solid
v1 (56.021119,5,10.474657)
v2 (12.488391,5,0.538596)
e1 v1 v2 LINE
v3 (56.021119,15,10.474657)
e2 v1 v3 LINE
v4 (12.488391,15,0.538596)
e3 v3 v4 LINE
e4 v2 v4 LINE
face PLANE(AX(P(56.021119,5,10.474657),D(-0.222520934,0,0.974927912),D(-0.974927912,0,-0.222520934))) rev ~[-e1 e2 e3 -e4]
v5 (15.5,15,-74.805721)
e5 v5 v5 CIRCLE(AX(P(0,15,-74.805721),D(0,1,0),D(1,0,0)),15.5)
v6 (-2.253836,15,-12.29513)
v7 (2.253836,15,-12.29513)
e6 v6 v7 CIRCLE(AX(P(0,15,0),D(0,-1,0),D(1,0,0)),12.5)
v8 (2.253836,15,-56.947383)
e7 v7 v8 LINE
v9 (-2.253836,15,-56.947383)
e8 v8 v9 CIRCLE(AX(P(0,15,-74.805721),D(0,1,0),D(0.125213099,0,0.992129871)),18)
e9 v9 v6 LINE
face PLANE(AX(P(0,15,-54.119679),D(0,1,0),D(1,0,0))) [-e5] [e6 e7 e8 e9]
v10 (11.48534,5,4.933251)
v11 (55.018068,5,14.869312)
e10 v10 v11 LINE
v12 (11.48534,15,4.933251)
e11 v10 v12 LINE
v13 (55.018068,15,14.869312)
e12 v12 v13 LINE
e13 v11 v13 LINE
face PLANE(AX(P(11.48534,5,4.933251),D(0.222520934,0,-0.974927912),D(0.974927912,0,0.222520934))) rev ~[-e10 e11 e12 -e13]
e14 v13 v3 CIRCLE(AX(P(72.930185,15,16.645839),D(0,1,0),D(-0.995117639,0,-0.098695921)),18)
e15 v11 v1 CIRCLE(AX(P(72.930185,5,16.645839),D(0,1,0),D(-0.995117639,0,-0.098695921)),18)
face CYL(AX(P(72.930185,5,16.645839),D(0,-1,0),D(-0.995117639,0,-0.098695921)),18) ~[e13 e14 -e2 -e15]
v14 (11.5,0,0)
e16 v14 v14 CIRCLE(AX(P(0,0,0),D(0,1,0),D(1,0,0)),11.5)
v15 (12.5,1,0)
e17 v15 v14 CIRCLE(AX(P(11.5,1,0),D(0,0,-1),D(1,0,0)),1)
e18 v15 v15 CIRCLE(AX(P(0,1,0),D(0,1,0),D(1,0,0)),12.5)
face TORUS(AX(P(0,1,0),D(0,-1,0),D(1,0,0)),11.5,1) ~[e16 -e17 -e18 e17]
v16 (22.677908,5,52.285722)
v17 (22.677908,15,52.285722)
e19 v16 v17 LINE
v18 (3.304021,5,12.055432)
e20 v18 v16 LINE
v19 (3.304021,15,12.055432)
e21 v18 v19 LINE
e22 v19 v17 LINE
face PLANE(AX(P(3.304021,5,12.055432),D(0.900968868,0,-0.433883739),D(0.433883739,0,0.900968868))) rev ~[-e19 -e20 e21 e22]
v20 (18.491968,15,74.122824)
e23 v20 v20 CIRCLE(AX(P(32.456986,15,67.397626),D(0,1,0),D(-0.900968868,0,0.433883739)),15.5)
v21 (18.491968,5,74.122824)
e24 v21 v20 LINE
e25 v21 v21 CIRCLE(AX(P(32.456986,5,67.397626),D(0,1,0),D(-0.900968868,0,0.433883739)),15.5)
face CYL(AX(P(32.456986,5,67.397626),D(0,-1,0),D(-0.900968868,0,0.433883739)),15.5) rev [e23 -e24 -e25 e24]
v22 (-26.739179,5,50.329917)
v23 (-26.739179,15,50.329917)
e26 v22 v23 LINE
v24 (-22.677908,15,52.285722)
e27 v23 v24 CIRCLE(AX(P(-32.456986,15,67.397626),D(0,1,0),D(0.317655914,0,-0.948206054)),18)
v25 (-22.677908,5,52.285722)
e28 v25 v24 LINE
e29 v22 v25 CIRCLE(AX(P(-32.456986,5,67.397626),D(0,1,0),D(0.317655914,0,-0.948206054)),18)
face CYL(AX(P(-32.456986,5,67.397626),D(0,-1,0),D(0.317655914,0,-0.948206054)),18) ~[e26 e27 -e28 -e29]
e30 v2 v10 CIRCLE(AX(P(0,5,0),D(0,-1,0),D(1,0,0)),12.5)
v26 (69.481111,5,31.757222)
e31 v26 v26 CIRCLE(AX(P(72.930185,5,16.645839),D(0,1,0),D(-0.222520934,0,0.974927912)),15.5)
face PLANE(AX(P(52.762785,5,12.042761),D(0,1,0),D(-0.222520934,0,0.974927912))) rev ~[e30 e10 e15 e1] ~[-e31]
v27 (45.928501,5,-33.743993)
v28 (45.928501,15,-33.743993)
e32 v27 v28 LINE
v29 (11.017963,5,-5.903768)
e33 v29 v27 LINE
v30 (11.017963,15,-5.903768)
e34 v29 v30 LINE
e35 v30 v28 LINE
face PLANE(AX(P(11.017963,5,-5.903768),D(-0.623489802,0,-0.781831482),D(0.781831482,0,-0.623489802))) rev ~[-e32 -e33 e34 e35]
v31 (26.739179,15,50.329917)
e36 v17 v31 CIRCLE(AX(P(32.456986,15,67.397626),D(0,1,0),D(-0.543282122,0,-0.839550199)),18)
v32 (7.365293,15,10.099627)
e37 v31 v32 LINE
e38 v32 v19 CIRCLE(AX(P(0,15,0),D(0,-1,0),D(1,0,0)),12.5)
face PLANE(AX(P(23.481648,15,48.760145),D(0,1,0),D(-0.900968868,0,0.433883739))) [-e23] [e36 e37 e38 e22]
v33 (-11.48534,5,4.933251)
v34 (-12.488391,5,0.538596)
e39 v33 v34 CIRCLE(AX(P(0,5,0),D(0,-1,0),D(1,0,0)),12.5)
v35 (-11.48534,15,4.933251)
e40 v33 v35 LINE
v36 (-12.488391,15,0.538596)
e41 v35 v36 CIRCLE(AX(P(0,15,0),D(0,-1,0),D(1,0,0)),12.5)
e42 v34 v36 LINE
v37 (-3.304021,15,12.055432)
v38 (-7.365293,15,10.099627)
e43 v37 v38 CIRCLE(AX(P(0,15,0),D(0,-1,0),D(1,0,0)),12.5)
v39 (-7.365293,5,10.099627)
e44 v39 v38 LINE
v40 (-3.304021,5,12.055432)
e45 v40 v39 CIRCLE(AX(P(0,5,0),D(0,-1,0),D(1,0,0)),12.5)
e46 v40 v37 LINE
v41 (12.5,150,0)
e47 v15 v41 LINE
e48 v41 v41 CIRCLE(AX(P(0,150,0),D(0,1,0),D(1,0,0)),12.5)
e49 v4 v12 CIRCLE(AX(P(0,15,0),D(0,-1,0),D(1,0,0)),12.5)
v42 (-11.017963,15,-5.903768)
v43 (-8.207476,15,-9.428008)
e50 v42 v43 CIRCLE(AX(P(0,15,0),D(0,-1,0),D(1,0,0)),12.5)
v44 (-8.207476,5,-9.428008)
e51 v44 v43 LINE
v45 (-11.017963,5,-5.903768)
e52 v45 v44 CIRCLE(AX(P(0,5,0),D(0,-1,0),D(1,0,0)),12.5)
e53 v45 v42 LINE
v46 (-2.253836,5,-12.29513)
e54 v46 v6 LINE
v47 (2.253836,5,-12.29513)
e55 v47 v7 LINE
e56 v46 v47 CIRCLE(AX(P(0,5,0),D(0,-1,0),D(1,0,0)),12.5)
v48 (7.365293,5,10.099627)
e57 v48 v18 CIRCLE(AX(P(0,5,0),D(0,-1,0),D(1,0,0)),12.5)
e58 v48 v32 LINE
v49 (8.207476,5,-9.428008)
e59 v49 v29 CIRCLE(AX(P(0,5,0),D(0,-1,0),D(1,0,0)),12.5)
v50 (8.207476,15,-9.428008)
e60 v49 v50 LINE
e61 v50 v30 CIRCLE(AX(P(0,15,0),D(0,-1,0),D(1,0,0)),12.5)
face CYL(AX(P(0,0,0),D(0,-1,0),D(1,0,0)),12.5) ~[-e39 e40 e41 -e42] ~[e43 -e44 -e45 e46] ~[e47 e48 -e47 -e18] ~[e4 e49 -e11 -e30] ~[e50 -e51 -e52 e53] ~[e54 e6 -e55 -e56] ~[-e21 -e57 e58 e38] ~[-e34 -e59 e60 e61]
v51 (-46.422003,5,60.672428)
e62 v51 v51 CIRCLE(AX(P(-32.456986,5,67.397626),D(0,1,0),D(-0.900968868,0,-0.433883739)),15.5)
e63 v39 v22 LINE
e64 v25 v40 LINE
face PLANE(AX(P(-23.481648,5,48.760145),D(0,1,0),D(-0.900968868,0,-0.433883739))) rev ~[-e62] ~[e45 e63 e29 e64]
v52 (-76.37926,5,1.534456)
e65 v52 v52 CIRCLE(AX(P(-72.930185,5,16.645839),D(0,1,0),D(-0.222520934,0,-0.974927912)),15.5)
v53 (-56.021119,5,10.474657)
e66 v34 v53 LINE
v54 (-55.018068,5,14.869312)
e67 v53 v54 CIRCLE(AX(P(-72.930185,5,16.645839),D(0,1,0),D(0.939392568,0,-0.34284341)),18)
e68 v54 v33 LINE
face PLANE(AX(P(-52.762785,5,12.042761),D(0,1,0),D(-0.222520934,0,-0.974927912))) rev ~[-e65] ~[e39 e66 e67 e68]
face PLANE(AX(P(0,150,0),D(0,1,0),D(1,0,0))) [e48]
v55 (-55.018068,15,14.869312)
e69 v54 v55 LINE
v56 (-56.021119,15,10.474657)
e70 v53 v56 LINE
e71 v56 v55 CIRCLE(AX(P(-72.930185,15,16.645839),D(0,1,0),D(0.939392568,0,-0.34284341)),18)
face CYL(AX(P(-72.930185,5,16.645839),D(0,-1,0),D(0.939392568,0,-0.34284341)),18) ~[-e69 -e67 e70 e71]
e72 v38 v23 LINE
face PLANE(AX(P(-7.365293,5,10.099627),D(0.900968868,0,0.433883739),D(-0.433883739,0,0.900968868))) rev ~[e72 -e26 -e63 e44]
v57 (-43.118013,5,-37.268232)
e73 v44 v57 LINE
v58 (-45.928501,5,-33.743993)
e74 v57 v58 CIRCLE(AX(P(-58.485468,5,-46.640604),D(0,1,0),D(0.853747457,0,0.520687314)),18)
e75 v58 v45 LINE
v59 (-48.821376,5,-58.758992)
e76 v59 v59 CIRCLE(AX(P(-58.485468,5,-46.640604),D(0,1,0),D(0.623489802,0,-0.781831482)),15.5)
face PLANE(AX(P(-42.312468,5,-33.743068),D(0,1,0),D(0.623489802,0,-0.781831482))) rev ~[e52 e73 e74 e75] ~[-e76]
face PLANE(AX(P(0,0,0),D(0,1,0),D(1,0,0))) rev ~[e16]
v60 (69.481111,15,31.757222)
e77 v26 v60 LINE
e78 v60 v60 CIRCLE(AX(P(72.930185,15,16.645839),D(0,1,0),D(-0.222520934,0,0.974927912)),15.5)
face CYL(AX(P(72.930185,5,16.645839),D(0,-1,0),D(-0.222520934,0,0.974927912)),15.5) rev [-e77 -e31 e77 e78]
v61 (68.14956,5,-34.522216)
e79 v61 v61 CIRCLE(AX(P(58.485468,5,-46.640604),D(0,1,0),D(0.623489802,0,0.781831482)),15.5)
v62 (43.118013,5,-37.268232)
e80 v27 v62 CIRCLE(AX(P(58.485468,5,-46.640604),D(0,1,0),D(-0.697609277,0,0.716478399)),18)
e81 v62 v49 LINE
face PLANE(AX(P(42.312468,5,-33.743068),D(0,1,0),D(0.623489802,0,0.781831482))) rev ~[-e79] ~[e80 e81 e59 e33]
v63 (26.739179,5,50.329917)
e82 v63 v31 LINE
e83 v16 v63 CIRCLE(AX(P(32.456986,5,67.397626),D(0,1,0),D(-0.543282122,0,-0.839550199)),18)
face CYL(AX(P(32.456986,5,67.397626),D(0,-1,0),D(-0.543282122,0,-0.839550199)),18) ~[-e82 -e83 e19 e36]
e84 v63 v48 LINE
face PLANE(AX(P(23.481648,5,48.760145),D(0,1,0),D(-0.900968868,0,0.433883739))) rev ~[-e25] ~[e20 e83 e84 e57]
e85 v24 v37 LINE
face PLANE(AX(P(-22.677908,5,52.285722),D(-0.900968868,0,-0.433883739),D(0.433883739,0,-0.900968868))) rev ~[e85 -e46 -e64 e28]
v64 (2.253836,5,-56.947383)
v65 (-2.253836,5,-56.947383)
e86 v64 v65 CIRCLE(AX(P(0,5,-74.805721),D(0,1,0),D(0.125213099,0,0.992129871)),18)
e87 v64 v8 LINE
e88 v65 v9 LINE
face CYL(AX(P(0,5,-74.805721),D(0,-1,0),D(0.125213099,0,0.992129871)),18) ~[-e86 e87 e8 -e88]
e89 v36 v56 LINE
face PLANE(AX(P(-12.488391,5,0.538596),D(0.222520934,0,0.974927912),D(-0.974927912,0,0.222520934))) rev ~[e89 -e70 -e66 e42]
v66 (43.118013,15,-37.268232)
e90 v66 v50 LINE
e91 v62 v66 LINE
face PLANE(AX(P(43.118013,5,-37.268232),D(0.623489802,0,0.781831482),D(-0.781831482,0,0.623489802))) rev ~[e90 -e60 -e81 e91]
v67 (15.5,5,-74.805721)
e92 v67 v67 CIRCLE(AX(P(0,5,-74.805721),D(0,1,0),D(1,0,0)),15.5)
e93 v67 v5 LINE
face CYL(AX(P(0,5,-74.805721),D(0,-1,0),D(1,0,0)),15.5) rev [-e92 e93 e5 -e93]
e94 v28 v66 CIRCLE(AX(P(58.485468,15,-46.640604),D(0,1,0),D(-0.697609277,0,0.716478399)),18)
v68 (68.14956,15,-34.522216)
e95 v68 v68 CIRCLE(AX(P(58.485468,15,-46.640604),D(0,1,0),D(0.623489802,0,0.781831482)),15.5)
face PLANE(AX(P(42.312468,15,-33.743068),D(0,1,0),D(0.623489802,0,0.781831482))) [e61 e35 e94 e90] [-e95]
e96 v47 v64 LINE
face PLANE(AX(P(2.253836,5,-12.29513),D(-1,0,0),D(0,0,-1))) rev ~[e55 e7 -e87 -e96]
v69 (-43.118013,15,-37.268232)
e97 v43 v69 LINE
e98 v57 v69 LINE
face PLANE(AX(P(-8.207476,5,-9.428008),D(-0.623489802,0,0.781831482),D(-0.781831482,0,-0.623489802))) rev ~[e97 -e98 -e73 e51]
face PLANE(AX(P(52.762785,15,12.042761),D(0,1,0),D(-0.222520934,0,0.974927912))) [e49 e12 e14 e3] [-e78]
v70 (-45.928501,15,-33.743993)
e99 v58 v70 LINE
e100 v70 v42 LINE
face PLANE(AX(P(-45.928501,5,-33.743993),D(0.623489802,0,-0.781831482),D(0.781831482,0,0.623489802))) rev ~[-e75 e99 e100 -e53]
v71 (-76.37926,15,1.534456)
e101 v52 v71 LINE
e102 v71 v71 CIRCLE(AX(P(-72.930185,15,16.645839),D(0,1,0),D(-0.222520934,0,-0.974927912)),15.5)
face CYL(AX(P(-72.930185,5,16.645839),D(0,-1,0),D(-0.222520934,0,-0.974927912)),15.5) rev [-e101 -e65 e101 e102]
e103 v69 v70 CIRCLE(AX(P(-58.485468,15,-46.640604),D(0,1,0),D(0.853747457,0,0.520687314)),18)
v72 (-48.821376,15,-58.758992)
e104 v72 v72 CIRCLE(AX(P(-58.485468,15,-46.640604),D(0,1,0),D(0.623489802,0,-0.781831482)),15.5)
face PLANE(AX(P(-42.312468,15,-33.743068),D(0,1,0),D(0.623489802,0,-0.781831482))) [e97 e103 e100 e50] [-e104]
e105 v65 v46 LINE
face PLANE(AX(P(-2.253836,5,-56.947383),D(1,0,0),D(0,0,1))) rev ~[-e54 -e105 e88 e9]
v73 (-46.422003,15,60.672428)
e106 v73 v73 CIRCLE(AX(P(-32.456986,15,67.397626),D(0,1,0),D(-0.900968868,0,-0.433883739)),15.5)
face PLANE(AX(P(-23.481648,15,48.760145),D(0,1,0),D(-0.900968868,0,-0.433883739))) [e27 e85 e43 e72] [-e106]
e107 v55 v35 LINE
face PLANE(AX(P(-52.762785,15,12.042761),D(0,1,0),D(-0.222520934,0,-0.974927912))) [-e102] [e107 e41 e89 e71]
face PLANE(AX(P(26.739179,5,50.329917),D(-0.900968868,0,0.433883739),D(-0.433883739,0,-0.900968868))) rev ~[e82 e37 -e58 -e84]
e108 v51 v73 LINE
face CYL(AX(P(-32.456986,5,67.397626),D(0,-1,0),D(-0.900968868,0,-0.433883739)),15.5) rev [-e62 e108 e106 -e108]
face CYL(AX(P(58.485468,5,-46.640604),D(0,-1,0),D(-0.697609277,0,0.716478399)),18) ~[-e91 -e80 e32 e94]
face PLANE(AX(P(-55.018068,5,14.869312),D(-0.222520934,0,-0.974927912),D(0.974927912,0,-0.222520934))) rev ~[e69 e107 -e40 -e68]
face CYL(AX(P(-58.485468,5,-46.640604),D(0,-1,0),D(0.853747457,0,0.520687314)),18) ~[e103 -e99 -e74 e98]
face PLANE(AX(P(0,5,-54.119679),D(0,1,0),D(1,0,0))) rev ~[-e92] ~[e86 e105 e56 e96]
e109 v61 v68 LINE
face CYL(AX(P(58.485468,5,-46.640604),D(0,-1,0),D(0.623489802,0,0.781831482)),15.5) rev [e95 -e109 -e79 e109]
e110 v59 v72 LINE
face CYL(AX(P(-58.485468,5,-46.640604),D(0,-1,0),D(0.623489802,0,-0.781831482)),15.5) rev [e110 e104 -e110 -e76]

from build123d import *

# Parameters (mm, degrees)
SKETCH1_R           = 12.5
BOSS_EXTRUDE1_DEPTH = 150
BOSS_EXTRUDE2_START = 5
SKETCH3_R           = 15.5
BOSS_EXTRUDE2_DEPTH = 10
CIRPATTERN1_COUNT   = 7
FILLET1_R           = 1


with BuildPart() as part:
    # Sketch1 → Boss-Extrude1 (new body)
    with BuildSketch(Plane(origin=(0, 0, 0), x_dir=(1, 0, 0), z_dir=(0, 1, 0))):
        Circle(SKETCH1_R)
    extrude(amount=BOSS_EXTRUDE1_DEPTH)

    # Sketch3 → Boss-Extrude2 (add)
    with BuildSketch(Plane(origin=(0, 0, 0), x_dir=(1, 0, 0), z_dir=(0, 1, 0)).offset(BOSS_EXTRUDE2_START)):
        with BuildLine():
            Line((-2.253835774, 56.947383215), (-2.253835774, 12.295130105))
            Line((-2.253835774, 12.295130105), (2.253835774, 12.295130105))
            Line((2.253835774, 12.295130105), (2.253835774, 56.947383215))
            ThreePointArc((2.253835774, 56.947383215), (0, 92.805720885), (-2.253835774, 56.947383215))
        make_face()
        with Locations((0, 74.805720885)):
            Circle(SKETCH3_R, mode=Mode.SUBTRACT)
    boss_extrude2 = extrude(amount=BOSS_EXTRUDE2_DEPTH)

    # CirPattern1: Boss-Extrude2 ×7 about axis
    cirpattern1_axis = Axis((0, 0, 0), (0, 1, 0))
    for i in range(1, CIRPATTERN1_COUNT):
        add(boss_extrude2.rotate(cirpattern1_axis, i * 360 / CIRPATTERN1_COUNT))

    # Fillet1
    fillet1_edges = [part.edges().sort_by_distance(p)[0] for p in [
        (-12.5, 0, 0),
    ]]
    fillet(fillet1_edges, radius=FILLET1_R)


solid = part.part
